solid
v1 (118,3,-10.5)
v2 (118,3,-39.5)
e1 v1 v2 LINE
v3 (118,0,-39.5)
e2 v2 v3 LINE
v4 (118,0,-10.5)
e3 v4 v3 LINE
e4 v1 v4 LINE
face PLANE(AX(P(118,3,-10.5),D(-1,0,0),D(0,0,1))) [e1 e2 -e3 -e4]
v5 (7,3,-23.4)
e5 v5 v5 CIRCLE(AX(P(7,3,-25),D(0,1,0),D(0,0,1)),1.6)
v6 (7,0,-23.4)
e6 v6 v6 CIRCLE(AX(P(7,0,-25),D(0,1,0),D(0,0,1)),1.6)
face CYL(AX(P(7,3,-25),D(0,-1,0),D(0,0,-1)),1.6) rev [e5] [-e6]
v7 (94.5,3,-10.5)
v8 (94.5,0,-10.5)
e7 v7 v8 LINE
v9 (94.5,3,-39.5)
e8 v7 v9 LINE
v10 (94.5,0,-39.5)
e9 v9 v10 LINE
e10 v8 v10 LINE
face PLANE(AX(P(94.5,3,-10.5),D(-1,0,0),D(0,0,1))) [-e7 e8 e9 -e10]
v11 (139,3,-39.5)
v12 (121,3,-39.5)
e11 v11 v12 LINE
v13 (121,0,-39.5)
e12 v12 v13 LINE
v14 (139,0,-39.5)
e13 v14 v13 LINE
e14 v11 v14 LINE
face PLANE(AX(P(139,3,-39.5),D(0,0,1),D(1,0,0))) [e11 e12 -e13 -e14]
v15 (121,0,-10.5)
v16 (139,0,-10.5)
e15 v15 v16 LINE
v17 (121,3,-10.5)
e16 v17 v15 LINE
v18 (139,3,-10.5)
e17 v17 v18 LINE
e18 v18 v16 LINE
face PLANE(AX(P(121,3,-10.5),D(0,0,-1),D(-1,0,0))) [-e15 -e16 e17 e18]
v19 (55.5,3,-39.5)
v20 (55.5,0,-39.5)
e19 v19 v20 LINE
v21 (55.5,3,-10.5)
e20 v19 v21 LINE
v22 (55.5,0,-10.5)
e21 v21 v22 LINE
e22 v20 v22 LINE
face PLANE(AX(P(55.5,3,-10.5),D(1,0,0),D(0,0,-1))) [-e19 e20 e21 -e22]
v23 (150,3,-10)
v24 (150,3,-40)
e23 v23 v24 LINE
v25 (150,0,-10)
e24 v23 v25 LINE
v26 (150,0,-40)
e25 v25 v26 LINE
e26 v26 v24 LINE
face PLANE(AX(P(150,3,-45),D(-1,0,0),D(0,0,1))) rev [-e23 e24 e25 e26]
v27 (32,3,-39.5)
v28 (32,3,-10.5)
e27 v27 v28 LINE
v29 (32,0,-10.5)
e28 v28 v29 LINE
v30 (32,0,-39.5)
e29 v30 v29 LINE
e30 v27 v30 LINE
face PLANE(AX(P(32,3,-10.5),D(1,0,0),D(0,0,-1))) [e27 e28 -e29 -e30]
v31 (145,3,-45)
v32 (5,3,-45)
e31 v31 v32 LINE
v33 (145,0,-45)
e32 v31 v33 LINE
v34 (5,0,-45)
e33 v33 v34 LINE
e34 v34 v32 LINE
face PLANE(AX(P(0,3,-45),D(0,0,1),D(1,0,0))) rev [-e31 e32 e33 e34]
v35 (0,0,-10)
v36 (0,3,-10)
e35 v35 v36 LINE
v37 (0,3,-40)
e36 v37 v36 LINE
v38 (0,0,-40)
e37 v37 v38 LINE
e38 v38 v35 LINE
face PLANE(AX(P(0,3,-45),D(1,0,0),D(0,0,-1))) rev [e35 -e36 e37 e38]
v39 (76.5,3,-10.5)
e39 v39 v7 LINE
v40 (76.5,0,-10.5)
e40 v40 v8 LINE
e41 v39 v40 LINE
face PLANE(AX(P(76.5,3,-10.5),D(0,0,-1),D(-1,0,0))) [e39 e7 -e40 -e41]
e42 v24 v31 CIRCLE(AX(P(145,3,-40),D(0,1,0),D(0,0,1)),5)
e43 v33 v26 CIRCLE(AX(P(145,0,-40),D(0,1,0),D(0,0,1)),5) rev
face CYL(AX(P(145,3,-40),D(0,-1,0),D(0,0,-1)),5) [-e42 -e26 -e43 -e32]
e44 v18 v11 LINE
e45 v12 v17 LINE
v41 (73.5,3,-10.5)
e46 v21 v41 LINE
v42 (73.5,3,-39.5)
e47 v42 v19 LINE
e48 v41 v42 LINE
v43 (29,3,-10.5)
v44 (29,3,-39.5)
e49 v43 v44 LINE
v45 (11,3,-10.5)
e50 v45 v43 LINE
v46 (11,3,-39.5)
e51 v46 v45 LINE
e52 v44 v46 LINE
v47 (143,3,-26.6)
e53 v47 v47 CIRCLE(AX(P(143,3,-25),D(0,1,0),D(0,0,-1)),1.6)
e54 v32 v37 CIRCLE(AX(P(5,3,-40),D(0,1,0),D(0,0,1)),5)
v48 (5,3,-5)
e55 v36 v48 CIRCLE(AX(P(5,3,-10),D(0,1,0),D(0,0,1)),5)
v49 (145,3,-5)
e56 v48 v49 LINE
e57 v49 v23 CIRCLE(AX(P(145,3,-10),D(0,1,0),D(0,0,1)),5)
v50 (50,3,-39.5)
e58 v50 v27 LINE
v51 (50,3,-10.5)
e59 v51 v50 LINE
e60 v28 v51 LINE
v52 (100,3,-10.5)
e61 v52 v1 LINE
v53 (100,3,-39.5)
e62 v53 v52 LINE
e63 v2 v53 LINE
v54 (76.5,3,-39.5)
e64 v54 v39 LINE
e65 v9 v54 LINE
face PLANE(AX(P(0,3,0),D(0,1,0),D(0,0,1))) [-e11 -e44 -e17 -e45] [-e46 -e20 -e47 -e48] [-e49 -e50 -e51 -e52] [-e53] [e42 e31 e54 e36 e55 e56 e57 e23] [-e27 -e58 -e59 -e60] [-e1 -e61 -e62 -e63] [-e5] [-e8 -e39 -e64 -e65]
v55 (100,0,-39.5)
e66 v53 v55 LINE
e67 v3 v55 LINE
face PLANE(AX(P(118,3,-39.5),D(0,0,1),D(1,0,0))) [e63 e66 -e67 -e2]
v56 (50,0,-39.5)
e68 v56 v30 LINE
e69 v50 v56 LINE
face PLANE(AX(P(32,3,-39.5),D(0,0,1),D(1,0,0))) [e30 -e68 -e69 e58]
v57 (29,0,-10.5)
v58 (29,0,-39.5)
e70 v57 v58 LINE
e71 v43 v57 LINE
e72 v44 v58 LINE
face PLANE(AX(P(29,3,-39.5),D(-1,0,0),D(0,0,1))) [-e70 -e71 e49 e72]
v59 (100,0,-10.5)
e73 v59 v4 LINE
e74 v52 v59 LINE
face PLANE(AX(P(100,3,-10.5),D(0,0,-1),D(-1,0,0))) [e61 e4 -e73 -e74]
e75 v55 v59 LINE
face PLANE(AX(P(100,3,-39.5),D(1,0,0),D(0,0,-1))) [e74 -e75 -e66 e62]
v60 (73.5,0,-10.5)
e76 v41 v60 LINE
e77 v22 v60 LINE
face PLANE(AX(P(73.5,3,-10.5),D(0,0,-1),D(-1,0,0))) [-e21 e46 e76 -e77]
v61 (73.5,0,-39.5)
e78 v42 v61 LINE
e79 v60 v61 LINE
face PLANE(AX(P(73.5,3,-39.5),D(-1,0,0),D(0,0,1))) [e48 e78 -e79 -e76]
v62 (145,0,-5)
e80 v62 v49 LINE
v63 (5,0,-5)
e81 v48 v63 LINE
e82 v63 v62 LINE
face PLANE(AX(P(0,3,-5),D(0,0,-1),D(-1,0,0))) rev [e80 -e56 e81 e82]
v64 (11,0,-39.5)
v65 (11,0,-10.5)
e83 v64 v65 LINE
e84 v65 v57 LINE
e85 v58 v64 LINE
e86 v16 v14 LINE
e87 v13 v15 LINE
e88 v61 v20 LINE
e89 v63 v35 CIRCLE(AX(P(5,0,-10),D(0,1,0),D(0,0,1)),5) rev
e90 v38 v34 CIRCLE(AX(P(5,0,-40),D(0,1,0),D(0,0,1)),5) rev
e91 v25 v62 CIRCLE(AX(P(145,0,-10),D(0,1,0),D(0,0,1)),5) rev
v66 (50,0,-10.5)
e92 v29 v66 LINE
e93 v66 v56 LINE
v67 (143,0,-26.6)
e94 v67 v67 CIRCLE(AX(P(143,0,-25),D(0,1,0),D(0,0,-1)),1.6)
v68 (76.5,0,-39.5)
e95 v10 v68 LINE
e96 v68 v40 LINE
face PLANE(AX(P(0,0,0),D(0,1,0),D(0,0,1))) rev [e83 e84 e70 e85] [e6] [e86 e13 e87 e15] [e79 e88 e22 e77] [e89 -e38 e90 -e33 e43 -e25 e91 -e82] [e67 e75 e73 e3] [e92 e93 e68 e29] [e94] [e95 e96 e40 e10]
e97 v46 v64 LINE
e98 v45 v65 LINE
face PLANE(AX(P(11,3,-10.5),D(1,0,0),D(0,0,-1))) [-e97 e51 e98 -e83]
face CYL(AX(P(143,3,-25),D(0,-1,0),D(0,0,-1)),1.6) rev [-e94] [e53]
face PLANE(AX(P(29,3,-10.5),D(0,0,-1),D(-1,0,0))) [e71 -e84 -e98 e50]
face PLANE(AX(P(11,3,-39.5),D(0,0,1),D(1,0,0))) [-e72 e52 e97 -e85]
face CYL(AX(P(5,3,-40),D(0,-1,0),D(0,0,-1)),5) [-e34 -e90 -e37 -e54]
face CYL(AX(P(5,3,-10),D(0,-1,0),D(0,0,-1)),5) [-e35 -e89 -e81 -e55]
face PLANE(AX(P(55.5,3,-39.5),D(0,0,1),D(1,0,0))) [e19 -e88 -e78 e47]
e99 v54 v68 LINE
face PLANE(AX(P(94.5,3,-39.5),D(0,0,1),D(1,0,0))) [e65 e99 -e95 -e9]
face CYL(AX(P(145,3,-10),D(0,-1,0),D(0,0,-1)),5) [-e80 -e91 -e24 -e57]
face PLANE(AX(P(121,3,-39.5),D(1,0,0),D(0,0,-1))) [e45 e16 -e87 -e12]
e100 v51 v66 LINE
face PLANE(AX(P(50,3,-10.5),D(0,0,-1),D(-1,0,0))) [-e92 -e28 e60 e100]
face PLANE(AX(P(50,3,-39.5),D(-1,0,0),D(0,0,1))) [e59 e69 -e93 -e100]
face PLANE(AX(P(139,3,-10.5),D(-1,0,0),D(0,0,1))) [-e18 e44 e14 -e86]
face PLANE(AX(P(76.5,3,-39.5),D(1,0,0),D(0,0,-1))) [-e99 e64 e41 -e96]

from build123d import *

# Parameters (mm, degrees)
SKETCH_1_W      = 150
SKETCH_1_H      = 40
SKETCH_1_R      = 1.6
SKETCH_1_W_2    = 18
SKETCH_1_H_2    = 29.000000001
EXTRUDE_1_DEPTH = 3
FILLET_1_R      = 5


with BuildPart() as part:
    # ｽｹｯﾁ1 → ﾎﾞｽ - 押し出し1 (new body)
    with BuildSketch(Plane(origin=(0, 0, 0), x_dir=(1, 0, 0), z_dir=(0, 1, 0))):
        with Locations((75, 25)):
            Rectangle(SKETCH_1_W, SKETCH_1_H)
        with Locations(Location((143, 25, 0), (0, 0, 90))):
            Circle(SKETCH_1_R, mode=Mode.SUBTRACT)
        with Locations(Location((7, 25, 0), (0, 0, 270))):
            Circle(SKETCH_1_R, mode=Mode.SUBTRACT)
        with Locations((19.999999998, 24.999999999)):
            Rectangle(SKETCH_1_W_2, SKETCH_1_H_2, mode=Mode.SUBTRACT)
        with Locations((40.999999998, 24.999999999)):
            Rectangle(SKETCH_1_W_2, SKETCH_1_H_2, mode=Mode.SUBTRACT)
        with Locations((64.5, 24.999999999)):
            Rectangle(SKETCH_1_W_2, SKETCH_1_H_2, mode=Mode.SUBTRACT)
        with Locations((85.5, 24.999999999)):
            Rectangle(SKETCH_1_W_2, SKETCH_1_H_2, mode=Mode.SUBTRACT)
        with Locations((109.000000002, 24.999999999)):
            Rectangle(SKETCH_1_W_2, SKETCH_1_H_2, mode=Mode.SUBTRACT)
        with Locations((130.000000002, 24.999999999)):
            Rectangle(SKETCH_1_W_2, SKETCH_1_H_2, mode=Mode.SUBTRACT)
    extrude(amount=EXTRUDE_1_DEPTH)

    # ﾌｨﾚｯﾄ1
    fillet_1_edges = [part.edges().sort_by_distance(p)[0] for p in [
        (0, 1.5, -45),
        (150, 1.5, -45),
        (150, 1.5, -5),
        (0, 1.5, -5),
    ]]
    fillet(fillet_1_edges, radius=FILLET_1_R)


solid = part.part
